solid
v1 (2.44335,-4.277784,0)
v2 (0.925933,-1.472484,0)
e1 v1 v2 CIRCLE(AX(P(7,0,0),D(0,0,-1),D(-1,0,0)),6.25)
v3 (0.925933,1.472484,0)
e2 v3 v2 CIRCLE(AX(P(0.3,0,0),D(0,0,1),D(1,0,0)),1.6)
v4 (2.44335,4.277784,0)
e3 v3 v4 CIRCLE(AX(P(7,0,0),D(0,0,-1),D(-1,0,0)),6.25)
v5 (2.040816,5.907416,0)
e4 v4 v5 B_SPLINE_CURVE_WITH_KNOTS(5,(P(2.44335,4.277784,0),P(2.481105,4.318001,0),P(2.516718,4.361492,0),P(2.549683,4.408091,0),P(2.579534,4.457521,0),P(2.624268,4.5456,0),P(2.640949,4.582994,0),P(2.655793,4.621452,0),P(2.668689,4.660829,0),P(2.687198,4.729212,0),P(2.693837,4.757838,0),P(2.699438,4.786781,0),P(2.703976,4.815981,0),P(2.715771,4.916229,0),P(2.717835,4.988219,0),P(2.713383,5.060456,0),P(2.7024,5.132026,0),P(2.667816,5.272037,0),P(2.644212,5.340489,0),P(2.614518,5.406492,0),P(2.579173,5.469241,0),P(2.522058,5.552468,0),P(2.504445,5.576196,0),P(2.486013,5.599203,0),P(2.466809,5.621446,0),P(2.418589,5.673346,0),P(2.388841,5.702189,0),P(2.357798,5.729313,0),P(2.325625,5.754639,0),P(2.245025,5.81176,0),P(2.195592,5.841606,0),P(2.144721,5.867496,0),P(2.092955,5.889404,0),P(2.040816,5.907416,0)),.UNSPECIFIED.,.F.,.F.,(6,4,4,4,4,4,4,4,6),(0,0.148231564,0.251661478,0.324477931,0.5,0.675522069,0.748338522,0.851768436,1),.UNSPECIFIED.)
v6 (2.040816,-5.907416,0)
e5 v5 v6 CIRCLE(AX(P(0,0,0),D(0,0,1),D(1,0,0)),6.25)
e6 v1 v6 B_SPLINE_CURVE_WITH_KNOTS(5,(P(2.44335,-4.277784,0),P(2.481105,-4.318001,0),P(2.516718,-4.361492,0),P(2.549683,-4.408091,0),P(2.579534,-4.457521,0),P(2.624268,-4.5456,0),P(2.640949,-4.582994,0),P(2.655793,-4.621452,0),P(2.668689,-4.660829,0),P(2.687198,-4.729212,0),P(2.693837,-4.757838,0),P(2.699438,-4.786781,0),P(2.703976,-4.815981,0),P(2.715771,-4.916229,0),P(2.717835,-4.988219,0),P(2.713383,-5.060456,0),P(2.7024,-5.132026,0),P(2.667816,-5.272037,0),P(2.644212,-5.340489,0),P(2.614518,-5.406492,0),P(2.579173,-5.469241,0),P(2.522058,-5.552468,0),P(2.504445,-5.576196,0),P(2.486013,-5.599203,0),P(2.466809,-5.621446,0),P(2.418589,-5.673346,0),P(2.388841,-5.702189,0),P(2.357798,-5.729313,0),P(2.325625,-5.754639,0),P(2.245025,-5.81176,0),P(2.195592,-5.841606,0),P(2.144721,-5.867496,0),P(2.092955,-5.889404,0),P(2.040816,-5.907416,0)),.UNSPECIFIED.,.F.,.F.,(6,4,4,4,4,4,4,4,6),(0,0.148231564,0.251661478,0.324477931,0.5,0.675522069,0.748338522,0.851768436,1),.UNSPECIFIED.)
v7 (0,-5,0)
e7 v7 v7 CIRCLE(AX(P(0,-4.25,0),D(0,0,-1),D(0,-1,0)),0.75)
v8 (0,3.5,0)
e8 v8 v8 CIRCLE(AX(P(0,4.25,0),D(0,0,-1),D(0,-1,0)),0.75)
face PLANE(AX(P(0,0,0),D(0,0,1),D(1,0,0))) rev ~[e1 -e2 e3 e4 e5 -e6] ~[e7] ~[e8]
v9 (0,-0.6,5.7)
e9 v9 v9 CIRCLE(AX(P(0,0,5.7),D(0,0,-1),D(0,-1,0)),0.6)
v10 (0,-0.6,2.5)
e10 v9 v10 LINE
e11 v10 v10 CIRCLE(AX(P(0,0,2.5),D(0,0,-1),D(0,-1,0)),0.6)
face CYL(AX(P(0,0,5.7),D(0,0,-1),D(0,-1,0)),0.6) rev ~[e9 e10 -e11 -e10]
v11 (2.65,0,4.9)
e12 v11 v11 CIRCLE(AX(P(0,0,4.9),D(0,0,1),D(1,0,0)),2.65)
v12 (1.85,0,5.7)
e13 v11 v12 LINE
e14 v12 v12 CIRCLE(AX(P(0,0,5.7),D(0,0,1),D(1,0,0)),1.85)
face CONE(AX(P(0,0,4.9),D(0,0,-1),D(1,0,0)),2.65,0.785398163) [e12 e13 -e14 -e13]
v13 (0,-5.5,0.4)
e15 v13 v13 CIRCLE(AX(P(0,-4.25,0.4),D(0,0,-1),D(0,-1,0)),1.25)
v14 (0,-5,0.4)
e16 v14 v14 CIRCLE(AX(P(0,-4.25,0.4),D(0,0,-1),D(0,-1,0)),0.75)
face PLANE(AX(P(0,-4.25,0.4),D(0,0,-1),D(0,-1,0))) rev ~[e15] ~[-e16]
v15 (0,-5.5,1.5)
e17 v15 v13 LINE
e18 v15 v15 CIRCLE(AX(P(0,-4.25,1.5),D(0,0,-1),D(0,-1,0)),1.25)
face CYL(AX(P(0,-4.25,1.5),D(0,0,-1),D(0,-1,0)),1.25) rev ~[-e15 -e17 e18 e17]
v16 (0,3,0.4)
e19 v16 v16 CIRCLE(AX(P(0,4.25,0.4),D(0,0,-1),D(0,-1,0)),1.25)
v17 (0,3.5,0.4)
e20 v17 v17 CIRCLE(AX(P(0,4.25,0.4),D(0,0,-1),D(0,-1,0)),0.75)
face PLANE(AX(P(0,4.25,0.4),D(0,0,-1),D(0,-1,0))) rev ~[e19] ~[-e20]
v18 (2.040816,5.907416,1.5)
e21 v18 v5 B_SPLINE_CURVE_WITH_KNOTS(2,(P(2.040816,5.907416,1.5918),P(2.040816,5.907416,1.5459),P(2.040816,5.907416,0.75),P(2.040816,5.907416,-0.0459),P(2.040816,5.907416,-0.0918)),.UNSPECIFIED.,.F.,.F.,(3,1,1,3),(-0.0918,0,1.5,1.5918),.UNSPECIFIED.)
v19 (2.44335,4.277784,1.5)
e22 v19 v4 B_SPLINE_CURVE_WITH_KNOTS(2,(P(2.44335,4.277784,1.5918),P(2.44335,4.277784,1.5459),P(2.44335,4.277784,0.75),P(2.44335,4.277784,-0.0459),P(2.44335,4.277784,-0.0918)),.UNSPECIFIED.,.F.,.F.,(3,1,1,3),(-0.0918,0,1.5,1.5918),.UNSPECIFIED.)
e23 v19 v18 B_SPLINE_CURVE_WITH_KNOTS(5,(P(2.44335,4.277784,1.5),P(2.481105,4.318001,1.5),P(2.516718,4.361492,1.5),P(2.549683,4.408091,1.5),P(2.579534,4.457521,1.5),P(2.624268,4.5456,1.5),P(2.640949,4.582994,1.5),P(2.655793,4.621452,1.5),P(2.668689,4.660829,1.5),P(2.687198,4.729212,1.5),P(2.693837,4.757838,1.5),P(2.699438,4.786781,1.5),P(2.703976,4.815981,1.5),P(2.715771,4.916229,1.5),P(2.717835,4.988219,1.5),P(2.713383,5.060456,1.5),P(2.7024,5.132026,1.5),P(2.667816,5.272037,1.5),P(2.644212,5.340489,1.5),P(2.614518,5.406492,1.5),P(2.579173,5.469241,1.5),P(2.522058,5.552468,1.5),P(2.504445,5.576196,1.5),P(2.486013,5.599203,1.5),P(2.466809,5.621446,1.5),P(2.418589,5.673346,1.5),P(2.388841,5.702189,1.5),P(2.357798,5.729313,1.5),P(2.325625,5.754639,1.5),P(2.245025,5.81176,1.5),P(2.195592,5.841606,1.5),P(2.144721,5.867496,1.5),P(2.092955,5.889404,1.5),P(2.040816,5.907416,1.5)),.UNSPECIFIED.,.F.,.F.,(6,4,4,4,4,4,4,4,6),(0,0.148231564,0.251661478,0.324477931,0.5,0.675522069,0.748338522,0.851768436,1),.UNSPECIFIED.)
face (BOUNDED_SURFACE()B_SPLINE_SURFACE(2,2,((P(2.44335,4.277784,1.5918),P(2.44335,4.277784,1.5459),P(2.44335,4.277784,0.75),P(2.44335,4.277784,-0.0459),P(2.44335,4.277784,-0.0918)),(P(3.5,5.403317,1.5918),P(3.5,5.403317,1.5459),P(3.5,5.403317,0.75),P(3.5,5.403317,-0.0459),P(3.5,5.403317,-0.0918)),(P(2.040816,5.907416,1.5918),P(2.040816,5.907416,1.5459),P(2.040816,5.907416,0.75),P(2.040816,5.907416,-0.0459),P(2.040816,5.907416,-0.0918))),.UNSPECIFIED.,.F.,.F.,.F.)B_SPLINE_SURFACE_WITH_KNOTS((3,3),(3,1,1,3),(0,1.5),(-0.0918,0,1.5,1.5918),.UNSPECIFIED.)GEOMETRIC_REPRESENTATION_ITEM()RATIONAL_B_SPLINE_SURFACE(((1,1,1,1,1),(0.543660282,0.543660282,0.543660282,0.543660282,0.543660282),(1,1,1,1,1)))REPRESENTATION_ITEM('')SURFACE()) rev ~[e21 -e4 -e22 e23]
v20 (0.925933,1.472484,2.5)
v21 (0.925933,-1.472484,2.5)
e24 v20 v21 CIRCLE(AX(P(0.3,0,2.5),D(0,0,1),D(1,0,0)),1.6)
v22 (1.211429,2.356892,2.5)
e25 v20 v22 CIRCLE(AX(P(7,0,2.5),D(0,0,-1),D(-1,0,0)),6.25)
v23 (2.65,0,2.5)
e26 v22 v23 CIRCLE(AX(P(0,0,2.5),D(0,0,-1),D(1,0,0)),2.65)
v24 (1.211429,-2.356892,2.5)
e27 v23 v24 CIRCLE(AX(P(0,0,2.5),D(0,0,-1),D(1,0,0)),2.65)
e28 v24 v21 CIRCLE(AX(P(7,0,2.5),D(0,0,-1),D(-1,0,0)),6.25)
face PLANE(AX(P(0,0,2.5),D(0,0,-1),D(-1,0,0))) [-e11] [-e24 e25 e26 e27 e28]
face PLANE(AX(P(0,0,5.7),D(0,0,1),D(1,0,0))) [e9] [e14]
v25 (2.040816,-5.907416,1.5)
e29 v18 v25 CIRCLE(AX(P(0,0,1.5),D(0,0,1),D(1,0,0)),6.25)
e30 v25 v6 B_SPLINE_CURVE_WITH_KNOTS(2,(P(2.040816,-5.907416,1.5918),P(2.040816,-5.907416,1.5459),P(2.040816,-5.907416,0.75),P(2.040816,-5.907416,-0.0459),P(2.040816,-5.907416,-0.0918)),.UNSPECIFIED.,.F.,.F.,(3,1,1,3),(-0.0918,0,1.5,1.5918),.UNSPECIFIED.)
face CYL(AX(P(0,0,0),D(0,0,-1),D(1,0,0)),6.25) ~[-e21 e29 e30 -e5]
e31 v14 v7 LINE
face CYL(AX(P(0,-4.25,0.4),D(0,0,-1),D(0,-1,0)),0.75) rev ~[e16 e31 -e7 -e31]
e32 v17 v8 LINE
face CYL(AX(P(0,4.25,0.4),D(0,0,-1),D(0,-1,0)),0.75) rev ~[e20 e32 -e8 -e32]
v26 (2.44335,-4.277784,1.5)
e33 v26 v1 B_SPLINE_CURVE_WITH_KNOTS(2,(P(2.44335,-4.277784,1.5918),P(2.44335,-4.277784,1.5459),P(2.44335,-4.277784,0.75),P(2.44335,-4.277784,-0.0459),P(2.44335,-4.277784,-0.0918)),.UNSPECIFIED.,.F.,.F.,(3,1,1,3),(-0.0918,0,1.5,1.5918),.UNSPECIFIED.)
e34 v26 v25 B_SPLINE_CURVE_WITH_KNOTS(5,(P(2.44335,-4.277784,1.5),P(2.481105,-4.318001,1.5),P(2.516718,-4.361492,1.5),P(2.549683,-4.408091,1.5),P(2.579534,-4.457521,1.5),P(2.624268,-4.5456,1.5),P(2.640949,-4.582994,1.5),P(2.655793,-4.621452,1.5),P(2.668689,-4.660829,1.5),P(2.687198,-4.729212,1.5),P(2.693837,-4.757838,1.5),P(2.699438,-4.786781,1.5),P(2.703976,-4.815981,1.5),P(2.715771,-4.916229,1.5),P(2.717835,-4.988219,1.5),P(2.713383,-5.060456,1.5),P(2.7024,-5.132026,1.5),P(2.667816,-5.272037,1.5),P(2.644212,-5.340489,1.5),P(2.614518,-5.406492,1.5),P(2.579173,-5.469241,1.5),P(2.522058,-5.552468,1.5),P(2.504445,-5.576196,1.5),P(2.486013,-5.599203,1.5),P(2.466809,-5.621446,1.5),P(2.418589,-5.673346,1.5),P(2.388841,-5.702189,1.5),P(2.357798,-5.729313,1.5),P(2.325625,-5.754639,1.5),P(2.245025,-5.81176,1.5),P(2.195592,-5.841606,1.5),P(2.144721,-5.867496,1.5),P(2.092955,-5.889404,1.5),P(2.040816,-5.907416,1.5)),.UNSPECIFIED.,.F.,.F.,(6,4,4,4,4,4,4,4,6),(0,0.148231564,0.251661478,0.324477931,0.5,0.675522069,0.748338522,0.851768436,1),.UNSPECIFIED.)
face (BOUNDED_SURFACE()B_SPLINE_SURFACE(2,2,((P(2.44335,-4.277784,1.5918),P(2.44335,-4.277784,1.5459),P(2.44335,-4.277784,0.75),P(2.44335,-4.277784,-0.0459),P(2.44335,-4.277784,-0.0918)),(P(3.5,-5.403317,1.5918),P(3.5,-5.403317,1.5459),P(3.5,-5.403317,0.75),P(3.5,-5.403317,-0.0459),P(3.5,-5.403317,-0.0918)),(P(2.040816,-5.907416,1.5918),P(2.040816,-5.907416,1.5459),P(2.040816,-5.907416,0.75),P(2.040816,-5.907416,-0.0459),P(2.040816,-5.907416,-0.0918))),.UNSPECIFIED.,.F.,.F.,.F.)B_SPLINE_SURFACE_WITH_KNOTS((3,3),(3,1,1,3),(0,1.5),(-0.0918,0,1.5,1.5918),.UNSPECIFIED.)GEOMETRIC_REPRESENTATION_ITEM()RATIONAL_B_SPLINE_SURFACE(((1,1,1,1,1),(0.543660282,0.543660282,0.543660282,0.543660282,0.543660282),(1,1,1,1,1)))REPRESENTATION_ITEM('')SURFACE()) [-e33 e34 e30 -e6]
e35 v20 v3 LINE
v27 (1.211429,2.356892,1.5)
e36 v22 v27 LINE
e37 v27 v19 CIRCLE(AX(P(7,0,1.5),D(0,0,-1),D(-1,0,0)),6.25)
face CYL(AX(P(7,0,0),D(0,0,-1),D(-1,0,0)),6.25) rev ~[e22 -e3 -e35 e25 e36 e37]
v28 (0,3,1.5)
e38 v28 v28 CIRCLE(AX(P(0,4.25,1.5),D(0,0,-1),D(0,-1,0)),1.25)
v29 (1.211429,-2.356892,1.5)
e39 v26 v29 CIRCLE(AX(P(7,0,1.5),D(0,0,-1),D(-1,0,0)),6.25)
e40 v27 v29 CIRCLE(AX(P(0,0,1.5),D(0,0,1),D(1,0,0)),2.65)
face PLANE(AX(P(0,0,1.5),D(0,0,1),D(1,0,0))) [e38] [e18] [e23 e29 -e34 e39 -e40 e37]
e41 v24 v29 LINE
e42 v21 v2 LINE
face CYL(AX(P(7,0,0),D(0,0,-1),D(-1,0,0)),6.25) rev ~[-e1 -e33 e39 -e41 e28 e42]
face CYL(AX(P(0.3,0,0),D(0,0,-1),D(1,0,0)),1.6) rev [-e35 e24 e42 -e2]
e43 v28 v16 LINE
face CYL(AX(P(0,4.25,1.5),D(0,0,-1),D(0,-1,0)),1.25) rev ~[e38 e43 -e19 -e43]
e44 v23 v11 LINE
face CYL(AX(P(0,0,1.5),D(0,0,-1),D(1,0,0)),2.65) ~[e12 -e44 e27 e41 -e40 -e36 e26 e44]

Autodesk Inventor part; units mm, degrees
ref_plane "YZ Plane" through (0, 0, 0) normal (1, 0, 0) x (0, 1, 0)
ref_plane "XZ Plane" through (0, 0, 0) normal (0, 1, 0) x (-1, 0, 0)
ref_plane "XY Plane" through (0, 0, 0) normal (0, 0, 1) x (1, 0, 0)
sketch "Sketch1" plane through (0, 0, 0) normal (0, 0, 1) x (1, 0, 0)
  circle A0 centre (0, 0) radius 6.25
  dimension "d0" = 12.5
extrude "Extrusion1" add sketch "Sketch1" along normal blind 1.5
sketch "axles" plane through (0, 0, 0) normal (0, 0, 1) x (1, 0, 0)
  point P0 (0, 0)
  point P1 (7, 0)
  point P2 (0.3, 0)
  dimension "d3" = 7
  dimension "d4" = 6.7
sketch "Sketch4" plane through (0, 0, 1.5) normal (0, 0, 1) x (1, 0, 0)
  circle A0 centre (0, 0) radius 2.65
  dimension "d8" = 5.3
extrude "Extrusion3" add sketch "Sketch4" along normal blind 4.2
chamfer "Chamfer1" distance 0.8 angle 45 1 edges at (-2.65, 0, 5.7)
sketch "Sketch5" plane through (0, 0, 0) normal (0, 0, 1) x (1, 0, 0)
  circle A0 centre (0.3, 0) radius 1.6
  point P0 (0, 0)
  dimension "d14" = 3.2
extrude "motor shaft" cut sketch "Sketch5" along normal blind 2.5
sketch "Sketch6" plane through (0, 0, 0) normal (0, 0, -1) x (-1, 0, 0)
  circle A0 centre (-7, 0) radius 6.25
  point P0 (0, 0)
  dimension "d17" = 12.5
extrude "Extrusion5" cut sketch "Sketch6" against normal blind 2.5
sketch "Sketch8" plane through (0, 0, 5.7) normal (0, 0, 1) x (1, 0, 0)
  point P0 (0, 0)
  point P1 (0, 0)
hole "Hole1" at (0, 0, 5.7) direction (0, 0, -1) diameter 1.2 end through all
fillet "Fillet1" radius 1 2 edges at (3.5, 5.1781, 0.75) (3.5, -5.1781, 0.75)
sketch "Sketch9" plane through (0, 0, 1.5) normal (0, 0, 1) x (1, 0, 0)
  line L0 (0, -4.25) -> (0, 4.25) construction
  point P0 (0, 0)
  point P1 (0, 0)
  dimension "d28" = 8.5
hole "Hole2" at (0, -4.25, 1.5) at (0, 4.25, 1.5) direction (0, 0, -1) diameter 1.5 end through all counterbore diameter 2.5 counterbore depth 1.1
equation "\"axle_dist_2_3__3_4\" = 7"
equation "\"axle_dist_1_2\" = 6.7"
properties part number "gearbox_axle3_support"
